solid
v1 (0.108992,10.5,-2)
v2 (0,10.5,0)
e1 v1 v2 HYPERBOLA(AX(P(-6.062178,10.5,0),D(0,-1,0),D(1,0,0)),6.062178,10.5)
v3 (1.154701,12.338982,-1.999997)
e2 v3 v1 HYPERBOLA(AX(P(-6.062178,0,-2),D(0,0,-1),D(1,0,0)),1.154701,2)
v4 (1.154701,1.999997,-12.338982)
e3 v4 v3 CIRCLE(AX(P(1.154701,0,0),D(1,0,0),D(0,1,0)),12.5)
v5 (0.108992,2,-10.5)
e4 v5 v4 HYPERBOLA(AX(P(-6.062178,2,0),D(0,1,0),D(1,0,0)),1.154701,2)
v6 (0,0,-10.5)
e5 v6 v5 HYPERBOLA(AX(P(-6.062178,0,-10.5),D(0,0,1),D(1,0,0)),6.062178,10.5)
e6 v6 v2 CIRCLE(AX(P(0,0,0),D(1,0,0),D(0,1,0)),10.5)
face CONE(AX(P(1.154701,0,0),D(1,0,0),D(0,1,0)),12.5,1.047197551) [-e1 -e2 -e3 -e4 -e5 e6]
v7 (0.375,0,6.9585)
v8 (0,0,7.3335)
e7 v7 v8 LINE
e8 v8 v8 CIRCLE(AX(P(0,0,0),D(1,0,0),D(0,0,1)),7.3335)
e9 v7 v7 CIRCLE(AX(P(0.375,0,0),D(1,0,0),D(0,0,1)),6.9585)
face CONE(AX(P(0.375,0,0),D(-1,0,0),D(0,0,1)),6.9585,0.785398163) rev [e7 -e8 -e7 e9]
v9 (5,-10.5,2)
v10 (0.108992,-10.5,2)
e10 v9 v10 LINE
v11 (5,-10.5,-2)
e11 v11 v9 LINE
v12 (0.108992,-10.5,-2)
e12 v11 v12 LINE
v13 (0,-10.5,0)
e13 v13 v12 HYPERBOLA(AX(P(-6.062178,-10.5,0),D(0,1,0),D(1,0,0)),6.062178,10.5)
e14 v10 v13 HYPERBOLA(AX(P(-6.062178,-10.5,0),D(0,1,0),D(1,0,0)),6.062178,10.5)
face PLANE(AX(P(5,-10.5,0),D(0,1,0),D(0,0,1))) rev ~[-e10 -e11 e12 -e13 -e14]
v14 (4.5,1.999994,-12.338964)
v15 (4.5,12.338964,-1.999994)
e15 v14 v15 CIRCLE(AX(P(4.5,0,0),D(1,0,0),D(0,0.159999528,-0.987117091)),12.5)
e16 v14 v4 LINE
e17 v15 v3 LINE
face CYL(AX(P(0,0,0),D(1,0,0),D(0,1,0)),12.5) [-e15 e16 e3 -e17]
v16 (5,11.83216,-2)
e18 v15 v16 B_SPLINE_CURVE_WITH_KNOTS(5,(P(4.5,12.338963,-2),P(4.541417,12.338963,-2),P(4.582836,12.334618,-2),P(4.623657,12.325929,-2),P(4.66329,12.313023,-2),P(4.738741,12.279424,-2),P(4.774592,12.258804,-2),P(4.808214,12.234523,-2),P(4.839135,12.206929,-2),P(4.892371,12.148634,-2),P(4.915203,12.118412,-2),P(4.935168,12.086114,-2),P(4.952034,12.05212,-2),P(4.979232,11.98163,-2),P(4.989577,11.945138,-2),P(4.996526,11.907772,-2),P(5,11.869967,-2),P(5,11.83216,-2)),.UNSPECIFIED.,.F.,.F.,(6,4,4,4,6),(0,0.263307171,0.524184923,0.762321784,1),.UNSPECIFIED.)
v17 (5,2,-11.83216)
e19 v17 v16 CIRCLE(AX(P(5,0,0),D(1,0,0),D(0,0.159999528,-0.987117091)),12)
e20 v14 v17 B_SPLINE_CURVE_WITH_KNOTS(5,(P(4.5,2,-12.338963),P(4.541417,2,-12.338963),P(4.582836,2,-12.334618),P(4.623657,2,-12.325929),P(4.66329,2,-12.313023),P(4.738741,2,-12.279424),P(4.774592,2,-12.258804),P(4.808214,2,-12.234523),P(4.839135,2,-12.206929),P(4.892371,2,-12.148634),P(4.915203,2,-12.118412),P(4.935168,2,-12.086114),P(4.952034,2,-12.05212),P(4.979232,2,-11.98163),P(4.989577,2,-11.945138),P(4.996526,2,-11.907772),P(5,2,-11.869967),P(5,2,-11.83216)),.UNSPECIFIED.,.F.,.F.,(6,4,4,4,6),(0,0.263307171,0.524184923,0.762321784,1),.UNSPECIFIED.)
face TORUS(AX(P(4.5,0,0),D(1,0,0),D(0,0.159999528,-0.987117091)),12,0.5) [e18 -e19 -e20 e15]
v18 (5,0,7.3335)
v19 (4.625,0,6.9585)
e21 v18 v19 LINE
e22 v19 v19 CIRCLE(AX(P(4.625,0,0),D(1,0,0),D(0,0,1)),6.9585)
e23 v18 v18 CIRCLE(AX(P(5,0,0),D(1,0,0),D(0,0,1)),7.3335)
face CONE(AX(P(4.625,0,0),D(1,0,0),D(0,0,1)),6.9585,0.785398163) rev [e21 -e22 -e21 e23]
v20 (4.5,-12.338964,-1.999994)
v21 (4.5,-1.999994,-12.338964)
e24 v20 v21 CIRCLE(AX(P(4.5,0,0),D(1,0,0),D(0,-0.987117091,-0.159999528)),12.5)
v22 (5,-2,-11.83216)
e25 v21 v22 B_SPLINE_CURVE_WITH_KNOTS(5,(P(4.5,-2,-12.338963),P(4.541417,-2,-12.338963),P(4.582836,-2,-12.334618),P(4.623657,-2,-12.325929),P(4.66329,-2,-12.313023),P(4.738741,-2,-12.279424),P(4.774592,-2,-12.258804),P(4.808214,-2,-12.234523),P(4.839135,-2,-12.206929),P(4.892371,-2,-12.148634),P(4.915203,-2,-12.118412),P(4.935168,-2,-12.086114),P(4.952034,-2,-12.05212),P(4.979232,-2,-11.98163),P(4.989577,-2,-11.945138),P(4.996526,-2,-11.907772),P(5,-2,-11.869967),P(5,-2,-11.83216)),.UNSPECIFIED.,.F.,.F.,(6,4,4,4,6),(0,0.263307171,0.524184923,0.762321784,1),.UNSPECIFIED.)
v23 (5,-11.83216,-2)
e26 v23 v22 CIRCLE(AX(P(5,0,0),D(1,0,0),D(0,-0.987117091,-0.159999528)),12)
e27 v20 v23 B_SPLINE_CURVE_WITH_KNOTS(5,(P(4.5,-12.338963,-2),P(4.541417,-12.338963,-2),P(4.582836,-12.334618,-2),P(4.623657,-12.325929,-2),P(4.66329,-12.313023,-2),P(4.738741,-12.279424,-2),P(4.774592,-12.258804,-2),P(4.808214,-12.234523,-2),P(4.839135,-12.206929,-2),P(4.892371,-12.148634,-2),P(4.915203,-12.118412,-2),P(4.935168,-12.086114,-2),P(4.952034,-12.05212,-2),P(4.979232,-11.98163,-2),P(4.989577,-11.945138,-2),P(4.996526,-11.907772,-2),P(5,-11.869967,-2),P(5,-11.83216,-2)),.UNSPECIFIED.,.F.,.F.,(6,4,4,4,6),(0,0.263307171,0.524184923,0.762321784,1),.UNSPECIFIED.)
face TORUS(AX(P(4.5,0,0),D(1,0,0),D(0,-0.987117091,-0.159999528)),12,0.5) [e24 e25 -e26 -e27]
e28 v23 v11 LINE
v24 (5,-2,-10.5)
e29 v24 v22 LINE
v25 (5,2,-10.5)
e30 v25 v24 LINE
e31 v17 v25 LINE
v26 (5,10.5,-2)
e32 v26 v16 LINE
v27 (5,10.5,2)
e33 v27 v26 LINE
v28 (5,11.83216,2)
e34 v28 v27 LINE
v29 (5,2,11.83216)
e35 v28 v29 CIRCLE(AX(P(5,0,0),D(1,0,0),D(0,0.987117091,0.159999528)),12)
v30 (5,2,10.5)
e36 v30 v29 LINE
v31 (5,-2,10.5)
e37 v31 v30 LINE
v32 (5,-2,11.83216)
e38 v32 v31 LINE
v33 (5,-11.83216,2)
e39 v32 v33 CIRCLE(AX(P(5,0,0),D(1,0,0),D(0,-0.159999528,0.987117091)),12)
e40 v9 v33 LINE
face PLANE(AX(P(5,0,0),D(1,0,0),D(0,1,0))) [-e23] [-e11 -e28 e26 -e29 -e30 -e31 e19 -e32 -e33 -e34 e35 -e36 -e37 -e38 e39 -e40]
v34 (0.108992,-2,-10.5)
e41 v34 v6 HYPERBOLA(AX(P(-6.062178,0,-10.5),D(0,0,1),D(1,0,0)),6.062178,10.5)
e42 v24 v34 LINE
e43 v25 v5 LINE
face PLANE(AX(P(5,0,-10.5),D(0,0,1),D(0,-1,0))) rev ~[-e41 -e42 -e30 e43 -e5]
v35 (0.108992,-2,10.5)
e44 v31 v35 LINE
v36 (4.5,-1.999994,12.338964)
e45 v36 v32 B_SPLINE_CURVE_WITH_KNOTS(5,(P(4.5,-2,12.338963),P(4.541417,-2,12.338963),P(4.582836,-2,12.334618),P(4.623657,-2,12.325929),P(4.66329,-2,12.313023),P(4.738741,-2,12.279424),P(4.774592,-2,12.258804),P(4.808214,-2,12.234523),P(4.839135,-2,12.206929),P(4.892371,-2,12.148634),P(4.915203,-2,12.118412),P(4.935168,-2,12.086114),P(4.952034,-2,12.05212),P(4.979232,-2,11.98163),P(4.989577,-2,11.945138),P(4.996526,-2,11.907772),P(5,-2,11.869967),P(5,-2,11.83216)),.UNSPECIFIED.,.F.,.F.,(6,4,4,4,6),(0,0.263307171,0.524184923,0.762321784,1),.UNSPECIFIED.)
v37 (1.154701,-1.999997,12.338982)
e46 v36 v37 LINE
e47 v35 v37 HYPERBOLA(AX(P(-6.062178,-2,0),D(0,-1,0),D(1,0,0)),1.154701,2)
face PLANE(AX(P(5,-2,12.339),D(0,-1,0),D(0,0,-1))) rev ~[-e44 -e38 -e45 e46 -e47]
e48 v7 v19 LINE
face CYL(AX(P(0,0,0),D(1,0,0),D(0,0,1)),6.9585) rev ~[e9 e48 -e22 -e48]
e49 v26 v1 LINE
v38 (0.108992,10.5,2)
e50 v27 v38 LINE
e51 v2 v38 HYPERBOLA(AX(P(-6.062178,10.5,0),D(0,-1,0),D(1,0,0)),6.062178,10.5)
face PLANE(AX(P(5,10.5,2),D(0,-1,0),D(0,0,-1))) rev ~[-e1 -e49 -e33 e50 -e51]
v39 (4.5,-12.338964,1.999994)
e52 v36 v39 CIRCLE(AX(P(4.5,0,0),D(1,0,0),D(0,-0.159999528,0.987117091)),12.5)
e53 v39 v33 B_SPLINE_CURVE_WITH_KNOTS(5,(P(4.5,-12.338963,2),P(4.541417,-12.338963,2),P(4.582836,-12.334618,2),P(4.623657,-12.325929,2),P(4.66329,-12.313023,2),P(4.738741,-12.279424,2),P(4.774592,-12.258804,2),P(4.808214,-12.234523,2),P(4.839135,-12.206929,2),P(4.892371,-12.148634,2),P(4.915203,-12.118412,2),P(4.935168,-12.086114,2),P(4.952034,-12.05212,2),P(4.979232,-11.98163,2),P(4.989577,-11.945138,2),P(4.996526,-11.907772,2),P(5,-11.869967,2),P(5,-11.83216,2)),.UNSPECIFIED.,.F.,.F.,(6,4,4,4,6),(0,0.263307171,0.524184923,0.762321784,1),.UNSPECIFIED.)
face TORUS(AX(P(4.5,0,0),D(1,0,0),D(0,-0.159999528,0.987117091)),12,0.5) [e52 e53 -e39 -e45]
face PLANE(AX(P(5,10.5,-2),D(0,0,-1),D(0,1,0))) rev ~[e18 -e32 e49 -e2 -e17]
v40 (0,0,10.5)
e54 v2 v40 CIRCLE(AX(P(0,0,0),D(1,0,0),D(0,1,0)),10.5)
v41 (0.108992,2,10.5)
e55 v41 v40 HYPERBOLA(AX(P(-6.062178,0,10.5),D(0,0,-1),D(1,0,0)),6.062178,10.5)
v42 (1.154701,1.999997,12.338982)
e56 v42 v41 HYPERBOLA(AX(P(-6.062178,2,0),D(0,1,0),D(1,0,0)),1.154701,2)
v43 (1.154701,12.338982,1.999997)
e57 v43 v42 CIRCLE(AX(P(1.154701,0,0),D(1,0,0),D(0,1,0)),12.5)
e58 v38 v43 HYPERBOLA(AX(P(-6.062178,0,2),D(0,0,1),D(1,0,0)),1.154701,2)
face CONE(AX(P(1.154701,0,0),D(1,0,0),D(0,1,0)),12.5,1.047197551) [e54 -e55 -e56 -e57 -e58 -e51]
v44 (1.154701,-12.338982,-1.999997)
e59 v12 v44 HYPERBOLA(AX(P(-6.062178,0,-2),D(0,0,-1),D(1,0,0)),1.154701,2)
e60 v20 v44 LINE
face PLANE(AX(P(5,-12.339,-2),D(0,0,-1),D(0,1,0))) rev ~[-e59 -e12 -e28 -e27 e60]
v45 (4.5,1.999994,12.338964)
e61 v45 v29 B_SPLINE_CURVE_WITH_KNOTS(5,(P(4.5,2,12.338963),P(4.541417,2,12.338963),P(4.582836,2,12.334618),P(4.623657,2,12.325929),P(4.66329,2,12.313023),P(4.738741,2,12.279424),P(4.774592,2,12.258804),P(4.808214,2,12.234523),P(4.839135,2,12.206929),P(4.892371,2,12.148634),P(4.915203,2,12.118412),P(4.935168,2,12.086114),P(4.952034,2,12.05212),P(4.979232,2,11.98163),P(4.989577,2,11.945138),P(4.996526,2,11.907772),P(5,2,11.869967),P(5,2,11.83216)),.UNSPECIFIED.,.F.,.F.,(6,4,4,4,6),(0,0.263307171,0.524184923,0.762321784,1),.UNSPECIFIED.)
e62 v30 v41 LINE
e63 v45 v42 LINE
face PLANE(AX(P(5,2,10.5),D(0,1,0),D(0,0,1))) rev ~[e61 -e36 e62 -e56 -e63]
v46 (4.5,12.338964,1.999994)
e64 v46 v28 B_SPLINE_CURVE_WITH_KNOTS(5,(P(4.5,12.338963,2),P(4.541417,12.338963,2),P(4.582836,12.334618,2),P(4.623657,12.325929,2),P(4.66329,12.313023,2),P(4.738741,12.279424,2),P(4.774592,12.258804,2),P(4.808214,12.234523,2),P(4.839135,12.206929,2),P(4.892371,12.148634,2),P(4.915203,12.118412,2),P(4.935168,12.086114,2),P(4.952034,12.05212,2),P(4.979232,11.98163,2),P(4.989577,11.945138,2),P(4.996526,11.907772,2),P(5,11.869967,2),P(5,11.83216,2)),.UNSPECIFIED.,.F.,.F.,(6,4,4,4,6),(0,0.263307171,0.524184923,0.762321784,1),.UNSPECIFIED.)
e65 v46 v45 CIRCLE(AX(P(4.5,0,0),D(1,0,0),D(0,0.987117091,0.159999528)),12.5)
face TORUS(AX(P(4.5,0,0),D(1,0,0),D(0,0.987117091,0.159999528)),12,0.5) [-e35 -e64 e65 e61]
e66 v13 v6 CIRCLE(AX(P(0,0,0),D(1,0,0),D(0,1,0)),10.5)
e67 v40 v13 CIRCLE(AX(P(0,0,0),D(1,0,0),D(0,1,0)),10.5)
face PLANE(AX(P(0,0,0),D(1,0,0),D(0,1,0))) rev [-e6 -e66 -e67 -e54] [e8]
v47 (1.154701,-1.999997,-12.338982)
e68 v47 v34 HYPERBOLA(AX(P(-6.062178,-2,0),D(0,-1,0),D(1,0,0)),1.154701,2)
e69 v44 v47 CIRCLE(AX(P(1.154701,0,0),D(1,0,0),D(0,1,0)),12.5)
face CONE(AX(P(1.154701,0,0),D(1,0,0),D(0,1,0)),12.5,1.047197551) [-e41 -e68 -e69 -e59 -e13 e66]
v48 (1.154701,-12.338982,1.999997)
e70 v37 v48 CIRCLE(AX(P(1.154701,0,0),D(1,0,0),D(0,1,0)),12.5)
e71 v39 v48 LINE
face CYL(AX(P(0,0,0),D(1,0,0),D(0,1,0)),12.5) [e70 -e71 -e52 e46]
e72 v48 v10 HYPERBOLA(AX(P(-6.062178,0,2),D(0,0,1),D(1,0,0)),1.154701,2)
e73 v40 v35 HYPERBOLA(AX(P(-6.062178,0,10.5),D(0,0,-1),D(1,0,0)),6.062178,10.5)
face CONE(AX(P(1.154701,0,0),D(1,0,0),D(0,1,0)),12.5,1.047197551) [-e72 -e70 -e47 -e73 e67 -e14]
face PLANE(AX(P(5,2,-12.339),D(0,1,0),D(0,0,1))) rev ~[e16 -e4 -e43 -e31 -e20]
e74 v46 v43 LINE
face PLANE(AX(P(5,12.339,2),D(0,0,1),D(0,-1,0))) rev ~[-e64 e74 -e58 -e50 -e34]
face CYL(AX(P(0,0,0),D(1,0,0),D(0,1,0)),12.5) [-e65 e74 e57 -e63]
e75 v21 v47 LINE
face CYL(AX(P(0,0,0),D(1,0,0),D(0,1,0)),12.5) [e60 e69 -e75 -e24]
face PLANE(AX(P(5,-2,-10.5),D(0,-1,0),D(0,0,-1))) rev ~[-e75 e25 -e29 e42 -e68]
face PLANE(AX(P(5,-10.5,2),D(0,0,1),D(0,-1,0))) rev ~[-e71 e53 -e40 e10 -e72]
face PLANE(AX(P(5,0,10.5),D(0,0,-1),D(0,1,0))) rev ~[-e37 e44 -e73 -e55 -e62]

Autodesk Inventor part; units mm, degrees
ref_plane "YZ Plane" through (0, 0, 0) normal (1, 0, 0) x (0, 1, 0)
ref_plane "XZ Plane" through (0, 0, 0) normal (0, 1, 0) x (-1, 0, 0)
sketch "Sketch1" plane through (0, 0, 0) normal (0, 0, 1) x (1, 0, 0)
  line L0 (0, 0) -> (5, 0)
  line L1 (0, 0) -> (0, 12.5)
  line L2 (0, 12.5) -> (5, 12.5)
  line L3 (5, 12.5) -> (5, 0)
  line L4 (0, 15) -> (0, -2.5) projected
  line L5 (-1, 0) -> (6, 0) projected
  dimension "d1" = 25
  dimension "d2" = 5
revolve "Body" add sketch "Sketch1" angle 360 about axis through (0, 0, 0) along (1, 0, 0)
sketch "Sketch2" plane through (0, 0, 0) normal (-1, 0, 0) x (0, 0, 1)
  circle A0 centre (0, 0) radius 12.5 projected
  point P0 (0, 0)
hole "Thread" at (0, 0, 0) direction (1, 0, 0) diameter 13.917 end through all thread size "M15x1" class "6H" standard "ISO Metric profile"
chamfer "Chamfer1" distance 2 angle 30 1 edges at (0, -12.5, 0) measured on face at (0, 10.5148, -1.2767)
sketch "Sketch3" plane through (5, 0, 0) normal (1, 0, 0) x (0, 0, -1)
  circle A0 centre (0, 0) radius 12.5 projected
  line L0 (-2, 12.339) -> (-2, 10.5)
  line L1 (-2, 10.5) -> (2, 10.5)
  line L2 (2, 10.5) -> (2, 12.339)
  line L3 (0, -17.5) -> (0, 17.5) projected
  line L4 (-17.5, 0) -> (17.5, 0) projected
  dimension "d12" = 2
  dimension "d13" = 2
  dimension "d14" = 10.5
extrude "Groove1" cut sketch "Sketch3" against normal through all contours L2 L1 L3 A0 | L3 L1 L0 A0
pattern_circular "Grooves1" count 4 over 360 about axis through (-10, 0, 0) along (1, 0, 0) of "Groove1"
fillet "Fillet1" radius 0.5 4 edges at (5, 8.8388, 8.8388) (5, 8.8388, -8.8388) (5, -8.8388, -8.8388) (5, -8.8388, 8.8388)
chamfer "Chamfer2" distance 0.375 angle 45 1 edges at (5, 0, -6.9585) measured on face at (5, -8.7255, -5.3872)
chamfer "Chamfer3" distance 0.375 angle 45 1 edges at (0, 0, -6.9585) measured on face at (0, 0.7788, -9.2317)
ref_plane "Work Plane1" through (35.7071, 0, 0) normal (0, 1, 0) x (-1, 0, 0)
equation "\"d1\" = SD2"
equation "\"d2\" = KOH"
equation "\"d12\" = 0.5 * SNB"
equation "\"d13\" = 0.5 * SNB"
equation "\"d14\" = 0.5 * SD2 - SNT"
equation "\"d10\" = -0.5 * LADI + 0.5 * SD2"
equation "\"d11\" = FAWI2"
equation "\"d40\" = -0.5 * LADI + 0.5 * SD2"
equation "\"d18\" = RR"
equation "\"d19\" = 0.025 * NND"
equation "\"d41\" = 0.025 * NND"
equation "\"d21\" = 0.025 * NND"
equation "\"d42\" = 0.025 * NND"
equation "\"NND\" = 15"
equation "\"KOH\" = 5"
equation "\"SD2\" = 25"
equation "\"SNB\" = 4"
equation "\"SNT\" = 2"
equation "\"LADI\" = 21"
equation "\"RR\" = 0.1 * KOH"
equation "\"FAWI2\" = 30deg"
equation "\"THREADDIA\" = 15"
properties part number "KM 02" material "Steel, Mild"
